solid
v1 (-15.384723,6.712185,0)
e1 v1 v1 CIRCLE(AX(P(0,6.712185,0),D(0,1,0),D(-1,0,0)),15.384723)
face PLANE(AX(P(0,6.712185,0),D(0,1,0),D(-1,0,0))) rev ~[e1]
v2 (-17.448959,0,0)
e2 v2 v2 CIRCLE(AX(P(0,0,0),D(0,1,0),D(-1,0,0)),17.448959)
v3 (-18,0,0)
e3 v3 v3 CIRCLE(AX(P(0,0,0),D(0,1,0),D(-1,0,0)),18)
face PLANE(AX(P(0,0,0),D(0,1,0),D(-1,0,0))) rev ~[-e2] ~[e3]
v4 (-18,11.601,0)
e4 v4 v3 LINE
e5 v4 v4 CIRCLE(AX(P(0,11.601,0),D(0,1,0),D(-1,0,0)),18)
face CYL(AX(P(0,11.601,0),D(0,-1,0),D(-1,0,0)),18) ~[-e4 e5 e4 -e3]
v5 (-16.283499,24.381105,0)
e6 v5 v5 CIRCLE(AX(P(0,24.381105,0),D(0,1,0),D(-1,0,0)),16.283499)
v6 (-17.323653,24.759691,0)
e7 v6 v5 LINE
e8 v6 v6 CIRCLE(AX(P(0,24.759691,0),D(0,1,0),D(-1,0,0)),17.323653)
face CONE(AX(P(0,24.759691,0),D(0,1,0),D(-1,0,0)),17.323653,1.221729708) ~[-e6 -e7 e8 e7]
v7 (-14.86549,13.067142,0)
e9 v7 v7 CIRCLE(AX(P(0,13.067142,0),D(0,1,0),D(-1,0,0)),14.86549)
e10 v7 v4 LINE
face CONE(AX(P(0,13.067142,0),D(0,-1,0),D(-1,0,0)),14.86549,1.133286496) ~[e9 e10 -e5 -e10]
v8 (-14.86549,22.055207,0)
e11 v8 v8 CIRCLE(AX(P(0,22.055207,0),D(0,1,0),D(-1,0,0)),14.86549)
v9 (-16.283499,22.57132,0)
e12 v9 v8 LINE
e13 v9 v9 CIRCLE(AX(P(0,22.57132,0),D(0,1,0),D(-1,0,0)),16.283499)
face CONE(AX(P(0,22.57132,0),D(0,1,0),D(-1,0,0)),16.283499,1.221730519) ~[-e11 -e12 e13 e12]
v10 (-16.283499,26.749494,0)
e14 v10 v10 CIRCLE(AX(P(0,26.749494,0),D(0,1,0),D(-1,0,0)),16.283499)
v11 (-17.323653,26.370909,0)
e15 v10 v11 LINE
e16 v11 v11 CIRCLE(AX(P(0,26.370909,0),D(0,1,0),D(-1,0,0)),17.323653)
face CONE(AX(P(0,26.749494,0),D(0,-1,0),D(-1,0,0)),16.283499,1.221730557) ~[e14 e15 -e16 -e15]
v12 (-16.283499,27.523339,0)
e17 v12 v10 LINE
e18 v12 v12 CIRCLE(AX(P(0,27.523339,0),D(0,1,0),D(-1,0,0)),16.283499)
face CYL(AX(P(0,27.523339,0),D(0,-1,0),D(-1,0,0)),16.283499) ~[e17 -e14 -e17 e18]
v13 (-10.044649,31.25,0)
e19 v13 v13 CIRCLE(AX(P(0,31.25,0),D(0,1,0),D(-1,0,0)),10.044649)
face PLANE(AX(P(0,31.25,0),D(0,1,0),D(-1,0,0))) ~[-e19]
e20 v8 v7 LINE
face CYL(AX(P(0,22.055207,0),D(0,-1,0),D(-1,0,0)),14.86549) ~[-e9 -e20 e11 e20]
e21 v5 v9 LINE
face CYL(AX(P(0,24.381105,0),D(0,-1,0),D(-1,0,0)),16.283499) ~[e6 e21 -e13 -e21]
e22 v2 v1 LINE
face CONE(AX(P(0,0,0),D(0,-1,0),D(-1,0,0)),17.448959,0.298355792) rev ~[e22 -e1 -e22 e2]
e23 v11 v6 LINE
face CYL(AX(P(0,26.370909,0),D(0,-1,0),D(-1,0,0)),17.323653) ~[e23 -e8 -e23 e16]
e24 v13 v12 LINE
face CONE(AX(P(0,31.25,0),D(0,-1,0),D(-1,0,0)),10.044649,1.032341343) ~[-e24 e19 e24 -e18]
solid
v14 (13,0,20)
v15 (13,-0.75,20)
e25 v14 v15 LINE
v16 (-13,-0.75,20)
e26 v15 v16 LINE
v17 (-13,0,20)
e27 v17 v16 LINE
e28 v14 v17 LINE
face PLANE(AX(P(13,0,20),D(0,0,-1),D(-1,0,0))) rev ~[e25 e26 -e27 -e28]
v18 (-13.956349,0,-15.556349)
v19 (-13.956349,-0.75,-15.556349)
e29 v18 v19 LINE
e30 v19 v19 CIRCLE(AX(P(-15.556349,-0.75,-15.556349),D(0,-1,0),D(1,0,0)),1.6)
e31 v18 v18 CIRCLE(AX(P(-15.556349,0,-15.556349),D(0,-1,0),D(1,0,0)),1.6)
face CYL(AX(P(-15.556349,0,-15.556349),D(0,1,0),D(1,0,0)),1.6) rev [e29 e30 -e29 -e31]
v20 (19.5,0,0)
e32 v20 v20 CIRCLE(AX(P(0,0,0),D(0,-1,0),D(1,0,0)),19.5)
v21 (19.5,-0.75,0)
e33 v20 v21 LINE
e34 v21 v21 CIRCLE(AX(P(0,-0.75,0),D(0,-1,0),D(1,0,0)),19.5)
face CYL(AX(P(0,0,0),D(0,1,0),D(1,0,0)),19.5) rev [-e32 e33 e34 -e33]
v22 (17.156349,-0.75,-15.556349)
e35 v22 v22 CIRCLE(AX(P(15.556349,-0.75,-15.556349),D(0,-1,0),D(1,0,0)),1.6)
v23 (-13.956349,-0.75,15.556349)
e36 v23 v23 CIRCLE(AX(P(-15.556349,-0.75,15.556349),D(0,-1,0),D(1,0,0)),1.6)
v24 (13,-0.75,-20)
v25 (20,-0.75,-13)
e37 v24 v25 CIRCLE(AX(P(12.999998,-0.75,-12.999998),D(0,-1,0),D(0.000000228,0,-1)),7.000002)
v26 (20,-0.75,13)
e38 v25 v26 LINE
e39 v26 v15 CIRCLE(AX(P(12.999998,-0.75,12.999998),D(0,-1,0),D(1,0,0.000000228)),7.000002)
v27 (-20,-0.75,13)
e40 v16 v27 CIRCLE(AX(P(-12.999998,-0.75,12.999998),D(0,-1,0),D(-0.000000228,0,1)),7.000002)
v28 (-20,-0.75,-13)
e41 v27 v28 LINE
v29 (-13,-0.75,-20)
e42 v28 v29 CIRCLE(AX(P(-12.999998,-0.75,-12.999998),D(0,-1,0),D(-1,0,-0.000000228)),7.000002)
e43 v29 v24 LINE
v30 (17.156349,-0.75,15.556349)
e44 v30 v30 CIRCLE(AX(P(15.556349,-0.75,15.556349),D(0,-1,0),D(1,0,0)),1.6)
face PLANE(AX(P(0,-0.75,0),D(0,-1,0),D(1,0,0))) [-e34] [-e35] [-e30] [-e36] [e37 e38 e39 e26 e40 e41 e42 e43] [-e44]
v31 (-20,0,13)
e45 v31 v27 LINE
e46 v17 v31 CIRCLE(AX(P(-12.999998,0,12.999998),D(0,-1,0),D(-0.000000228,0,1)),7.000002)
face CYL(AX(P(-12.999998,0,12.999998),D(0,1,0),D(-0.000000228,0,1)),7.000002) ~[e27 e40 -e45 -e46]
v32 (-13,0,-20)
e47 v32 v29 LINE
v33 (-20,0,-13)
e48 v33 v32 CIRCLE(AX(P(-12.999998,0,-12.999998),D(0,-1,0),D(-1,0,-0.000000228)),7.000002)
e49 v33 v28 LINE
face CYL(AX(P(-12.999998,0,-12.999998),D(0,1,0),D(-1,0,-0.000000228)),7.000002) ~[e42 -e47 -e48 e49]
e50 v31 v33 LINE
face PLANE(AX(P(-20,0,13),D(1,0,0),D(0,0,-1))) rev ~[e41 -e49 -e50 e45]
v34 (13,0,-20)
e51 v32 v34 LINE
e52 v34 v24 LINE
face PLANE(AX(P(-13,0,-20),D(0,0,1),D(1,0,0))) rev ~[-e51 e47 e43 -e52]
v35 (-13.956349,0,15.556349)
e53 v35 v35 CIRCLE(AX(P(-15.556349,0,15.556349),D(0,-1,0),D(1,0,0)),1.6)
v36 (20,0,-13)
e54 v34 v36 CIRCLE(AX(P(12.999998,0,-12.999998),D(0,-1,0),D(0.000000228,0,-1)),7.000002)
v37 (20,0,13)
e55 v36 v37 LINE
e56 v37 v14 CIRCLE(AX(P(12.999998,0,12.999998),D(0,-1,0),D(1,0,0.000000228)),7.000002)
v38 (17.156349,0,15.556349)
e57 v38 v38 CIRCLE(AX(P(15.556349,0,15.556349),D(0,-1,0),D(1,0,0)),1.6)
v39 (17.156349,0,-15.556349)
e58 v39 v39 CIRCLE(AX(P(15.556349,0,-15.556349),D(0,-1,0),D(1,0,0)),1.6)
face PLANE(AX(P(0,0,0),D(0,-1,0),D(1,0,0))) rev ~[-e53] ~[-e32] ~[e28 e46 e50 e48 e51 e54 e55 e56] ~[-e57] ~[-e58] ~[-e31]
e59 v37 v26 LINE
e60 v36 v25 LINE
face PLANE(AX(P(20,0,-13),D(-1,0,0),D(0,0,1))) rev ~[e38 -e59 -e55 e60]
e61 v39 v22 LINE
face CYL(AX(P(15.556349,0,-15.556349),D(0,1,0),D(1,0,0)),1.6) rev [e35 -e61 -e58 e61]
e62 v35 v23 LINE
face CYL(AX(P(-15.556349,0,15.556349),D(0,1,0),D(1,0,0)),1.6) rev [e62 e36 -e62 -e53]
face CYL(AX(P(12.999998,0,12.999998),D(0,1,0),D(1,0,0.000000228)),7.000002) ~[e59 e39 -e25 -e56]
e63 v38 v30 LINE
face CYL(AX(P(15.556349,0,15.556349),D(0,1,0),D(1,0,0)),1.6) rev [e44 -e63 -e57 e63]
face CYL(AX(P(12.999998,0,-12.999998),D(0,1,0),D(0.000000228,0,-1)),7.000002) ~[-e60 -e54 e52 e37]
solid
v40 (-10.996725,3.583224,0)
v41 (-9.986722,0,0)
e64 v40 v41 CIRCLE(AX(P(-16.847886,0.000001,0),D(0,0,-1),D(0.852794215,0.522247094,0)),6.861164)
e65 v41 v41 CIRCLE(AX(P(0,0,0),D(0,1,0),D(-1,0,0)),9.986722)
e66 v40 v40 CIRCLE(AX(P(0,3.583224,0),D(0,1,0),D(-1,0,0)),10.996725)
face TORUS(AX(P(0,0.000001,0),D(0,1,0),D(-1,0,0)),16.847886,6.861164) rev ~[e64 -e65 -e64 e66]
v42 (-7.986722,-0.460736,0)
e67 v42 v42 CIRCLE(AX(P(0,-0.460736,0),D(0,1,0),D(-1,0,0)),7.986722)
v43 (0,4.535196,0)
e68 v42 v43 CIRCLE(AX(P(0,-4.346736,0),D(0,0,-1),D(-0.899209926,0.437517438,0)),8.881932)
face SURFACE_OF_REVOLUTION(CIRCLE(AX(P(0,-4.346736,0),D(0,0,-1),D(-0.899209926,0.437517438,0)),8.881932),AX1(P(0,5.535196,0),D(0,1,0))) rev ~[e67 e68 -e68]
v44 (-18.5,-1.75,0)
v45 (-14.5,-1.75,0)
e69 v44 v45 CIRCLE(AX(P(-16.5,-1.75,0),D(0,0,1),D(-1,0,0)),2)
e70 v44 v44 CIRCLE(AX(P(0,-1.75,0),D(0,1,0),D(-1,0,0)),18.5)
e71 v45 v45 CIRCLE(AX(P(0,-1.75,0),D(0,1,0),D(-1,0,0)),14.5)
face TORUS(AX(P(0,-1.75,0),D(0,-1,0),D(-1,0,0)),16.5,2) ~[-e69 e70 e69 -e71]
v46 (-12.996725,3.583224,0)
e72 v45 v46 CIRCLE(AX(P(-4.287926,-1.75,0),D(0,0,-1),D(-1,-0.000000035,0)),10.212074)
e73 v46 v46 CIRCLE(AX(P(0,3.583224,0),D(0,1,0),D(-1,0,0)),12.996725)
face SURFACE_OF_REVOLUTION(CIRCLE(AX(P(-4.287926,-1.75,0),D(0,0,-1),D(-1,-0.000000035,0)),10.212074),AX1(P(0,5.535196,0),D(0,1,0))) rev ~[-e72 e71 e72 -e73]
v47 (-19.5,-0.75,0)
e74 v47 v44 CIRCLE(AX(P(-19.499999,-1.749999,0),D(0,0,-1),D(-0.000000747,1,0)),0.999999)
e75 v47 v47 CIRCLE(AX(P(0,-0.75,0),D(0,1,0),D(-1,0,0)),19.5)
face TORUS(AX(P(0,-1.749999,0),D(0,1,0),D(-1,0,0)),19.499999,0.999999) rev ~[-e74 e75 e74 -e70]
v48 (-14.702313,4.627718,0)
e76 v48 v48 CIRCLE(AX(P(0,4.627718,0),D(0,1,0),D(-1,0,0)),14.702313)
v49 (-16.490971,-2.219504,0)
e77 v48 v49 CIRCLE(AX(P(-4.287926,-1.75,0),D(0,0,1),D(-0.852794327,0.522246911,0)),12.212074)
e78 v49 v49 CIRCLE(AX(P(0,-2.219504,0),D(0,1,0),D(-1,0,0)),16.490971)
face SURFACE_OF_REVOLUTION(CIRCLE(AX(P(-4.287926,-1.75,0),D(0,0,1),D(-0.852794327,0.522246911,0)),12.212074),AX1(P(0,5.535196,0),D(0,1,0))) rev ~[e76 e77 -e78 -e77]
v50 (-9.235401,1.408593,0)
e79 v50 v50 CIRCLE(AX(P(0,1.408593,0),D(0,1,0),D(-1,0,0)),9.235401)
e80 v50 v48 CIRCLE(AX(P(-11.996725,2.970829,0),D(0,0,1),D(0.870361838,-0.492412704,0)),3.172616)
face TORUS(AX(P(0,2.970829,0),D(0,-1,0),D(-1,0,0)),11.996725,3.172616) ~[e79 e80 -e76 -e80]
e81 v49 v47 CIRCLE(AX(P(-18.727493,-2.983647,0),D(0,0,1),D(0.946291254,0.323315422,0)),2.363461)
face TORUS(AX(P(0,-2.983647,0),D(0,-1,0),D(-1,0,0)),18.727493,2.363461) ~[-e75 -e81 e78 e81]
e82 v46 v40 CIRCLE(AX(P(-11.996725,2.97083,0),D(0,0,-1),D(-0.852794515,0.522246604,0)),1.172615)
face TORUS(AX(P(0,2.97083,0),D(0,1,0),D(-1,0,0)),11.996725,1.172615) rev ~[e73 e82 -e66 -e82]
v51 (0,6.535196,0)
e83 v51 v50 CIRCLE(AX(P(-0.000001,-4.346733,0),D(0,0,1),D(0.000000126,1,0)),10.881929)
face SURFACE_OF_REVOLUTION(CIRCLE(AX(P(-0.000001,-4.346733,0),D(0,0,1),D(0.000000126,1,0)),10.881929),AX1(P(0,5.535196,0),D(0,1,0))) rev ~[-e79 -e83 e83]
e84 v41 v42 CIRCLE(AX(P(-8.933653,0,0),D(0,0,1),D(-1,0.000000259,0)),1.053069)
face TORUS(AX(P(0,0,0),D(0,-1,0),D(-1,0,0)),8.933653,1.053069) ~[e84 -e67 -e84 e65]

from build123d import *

# Parameters (mm, degrees)
F0_R     = 1.6
F0_R_2   = 19.5
F1_DEPTH = 0.75


with BuildPart() as f1:
    # F0 (on Front) → F1 (new body)
    with BuildSketch(Plane.XZ):
        with BuildLine():
            ThreePointArc((-20, -13), (-17.949747, -17.949747), (-13, -20))
            Line((-13, -20), (13, -20))
            ThreePointArc((13, -20), (17.949747, -17.949747), (20, -13))
            Line((20, -13), (20, 13))
            ThreePointArc((20, 13), (17.949747, 17.949747), (13, 20))
            Line((13, 20), (-13, 20))
            ThreePointArc((-13, 20), (-17.949747, 17.949747), (-20, 13))
            Line((-20, 13), (-20, -13))
        make_face()
        with Locations((-15.556349, -15.556349)):
            Circle(F0_R, mode=Mode.SUBTRACT)
        with Locations((15.556349, -15.556349)):
            Circle(F0_R, mode=Mode.SUBTRACT)
        with Locations((-15.556349, 15.556349)):
            Circle(F0_R, mode=Mode.SUBTRACT)
        Circle(F0_R_2, mode=Mode.SUBTRACT)
        with Locations((15.556349, 15.556349)):
            Circle(F0_R, mode=Mode.SUBTRACT)
    extrude(amount=F1_DEPTH)


with BuildPart() as f3:
    # F2 (on Top) → F3 (revolve)
    with BuildSketch(Plane.XY):
        with BuildLine():
            ThreePointArc((-7.986722, -0.460736), (-4.710283, 3.183334), (0, 4.535196))
            Line((0, 4.535196), (0, 6.535196))
            ThreePointArc((0, 6.535196), (-5.281446, 5.16761), (-9.235401, 1.408593))
            ThreePointArc((-9.235401, 1.408593), (-10.386921, 5.704695), (-14.702313, 4.627718))
            ThreePointArc((-14.702313, 4.627718), (-16.103516, 1.336515), (-16.490971, -2.219504))
            ThreePointArc((-16.490971, -2.219504), (-17.690336, -0.859912), (-19.5, -0.75))
            ThreePointArc((-19.5, -0.75), (-18.792893, -1.042893), (-18.5, -1.75))
            ThreePointArc((-18.5, -1.75), (-16.5, -3.75), (-14.5, -1.75))
            ThreePointArc((-14.5, -1.75), (-14.116999, 1.02052), (-12.996725, 3.583224))
            ThreePointArc((-12.996725, 3.583224), (-11.996725, 4.143445), (-10.996725, 3.583224))
            ThreePointArc((-10.996725, 3.583224), (-10.244048, 1.861424), (-9.986722, 0))
            ThreePointArc((-9.986722, 0), (-9.170054, -1.026192), (-7.986722, -0.460736))
        make_face()
    revolve(axis=Axis((0, 5.535196, 0), (0, 1, 0)))


with BuildPart() as f5:
    # F4 (on Top) → F5 (revolve)
    with BuildSketch(Plane.XY):
        Polygon((-15.384723, 6.712185), (0, 6.712185), (0, 31.25), (-10.044649, 31.25), (-16.283499, 27.523339), (-16.283499, 26.749494), (-17.323653, 26.370909), (-17.323653, 24.759691), (-16.283499, 24.381105), (-16.283499, 22.57132), (-14.86549, 22.055207), (-14.86549, 13.067142), (-18, 11.601), (-18, 0), (-17.448959, 0), align=None)
    revolve(axis=Axis((0, 18.981093, 0), (0, 1, 0)))


solid = Compound([f1.part, f3.part, f5.part])
